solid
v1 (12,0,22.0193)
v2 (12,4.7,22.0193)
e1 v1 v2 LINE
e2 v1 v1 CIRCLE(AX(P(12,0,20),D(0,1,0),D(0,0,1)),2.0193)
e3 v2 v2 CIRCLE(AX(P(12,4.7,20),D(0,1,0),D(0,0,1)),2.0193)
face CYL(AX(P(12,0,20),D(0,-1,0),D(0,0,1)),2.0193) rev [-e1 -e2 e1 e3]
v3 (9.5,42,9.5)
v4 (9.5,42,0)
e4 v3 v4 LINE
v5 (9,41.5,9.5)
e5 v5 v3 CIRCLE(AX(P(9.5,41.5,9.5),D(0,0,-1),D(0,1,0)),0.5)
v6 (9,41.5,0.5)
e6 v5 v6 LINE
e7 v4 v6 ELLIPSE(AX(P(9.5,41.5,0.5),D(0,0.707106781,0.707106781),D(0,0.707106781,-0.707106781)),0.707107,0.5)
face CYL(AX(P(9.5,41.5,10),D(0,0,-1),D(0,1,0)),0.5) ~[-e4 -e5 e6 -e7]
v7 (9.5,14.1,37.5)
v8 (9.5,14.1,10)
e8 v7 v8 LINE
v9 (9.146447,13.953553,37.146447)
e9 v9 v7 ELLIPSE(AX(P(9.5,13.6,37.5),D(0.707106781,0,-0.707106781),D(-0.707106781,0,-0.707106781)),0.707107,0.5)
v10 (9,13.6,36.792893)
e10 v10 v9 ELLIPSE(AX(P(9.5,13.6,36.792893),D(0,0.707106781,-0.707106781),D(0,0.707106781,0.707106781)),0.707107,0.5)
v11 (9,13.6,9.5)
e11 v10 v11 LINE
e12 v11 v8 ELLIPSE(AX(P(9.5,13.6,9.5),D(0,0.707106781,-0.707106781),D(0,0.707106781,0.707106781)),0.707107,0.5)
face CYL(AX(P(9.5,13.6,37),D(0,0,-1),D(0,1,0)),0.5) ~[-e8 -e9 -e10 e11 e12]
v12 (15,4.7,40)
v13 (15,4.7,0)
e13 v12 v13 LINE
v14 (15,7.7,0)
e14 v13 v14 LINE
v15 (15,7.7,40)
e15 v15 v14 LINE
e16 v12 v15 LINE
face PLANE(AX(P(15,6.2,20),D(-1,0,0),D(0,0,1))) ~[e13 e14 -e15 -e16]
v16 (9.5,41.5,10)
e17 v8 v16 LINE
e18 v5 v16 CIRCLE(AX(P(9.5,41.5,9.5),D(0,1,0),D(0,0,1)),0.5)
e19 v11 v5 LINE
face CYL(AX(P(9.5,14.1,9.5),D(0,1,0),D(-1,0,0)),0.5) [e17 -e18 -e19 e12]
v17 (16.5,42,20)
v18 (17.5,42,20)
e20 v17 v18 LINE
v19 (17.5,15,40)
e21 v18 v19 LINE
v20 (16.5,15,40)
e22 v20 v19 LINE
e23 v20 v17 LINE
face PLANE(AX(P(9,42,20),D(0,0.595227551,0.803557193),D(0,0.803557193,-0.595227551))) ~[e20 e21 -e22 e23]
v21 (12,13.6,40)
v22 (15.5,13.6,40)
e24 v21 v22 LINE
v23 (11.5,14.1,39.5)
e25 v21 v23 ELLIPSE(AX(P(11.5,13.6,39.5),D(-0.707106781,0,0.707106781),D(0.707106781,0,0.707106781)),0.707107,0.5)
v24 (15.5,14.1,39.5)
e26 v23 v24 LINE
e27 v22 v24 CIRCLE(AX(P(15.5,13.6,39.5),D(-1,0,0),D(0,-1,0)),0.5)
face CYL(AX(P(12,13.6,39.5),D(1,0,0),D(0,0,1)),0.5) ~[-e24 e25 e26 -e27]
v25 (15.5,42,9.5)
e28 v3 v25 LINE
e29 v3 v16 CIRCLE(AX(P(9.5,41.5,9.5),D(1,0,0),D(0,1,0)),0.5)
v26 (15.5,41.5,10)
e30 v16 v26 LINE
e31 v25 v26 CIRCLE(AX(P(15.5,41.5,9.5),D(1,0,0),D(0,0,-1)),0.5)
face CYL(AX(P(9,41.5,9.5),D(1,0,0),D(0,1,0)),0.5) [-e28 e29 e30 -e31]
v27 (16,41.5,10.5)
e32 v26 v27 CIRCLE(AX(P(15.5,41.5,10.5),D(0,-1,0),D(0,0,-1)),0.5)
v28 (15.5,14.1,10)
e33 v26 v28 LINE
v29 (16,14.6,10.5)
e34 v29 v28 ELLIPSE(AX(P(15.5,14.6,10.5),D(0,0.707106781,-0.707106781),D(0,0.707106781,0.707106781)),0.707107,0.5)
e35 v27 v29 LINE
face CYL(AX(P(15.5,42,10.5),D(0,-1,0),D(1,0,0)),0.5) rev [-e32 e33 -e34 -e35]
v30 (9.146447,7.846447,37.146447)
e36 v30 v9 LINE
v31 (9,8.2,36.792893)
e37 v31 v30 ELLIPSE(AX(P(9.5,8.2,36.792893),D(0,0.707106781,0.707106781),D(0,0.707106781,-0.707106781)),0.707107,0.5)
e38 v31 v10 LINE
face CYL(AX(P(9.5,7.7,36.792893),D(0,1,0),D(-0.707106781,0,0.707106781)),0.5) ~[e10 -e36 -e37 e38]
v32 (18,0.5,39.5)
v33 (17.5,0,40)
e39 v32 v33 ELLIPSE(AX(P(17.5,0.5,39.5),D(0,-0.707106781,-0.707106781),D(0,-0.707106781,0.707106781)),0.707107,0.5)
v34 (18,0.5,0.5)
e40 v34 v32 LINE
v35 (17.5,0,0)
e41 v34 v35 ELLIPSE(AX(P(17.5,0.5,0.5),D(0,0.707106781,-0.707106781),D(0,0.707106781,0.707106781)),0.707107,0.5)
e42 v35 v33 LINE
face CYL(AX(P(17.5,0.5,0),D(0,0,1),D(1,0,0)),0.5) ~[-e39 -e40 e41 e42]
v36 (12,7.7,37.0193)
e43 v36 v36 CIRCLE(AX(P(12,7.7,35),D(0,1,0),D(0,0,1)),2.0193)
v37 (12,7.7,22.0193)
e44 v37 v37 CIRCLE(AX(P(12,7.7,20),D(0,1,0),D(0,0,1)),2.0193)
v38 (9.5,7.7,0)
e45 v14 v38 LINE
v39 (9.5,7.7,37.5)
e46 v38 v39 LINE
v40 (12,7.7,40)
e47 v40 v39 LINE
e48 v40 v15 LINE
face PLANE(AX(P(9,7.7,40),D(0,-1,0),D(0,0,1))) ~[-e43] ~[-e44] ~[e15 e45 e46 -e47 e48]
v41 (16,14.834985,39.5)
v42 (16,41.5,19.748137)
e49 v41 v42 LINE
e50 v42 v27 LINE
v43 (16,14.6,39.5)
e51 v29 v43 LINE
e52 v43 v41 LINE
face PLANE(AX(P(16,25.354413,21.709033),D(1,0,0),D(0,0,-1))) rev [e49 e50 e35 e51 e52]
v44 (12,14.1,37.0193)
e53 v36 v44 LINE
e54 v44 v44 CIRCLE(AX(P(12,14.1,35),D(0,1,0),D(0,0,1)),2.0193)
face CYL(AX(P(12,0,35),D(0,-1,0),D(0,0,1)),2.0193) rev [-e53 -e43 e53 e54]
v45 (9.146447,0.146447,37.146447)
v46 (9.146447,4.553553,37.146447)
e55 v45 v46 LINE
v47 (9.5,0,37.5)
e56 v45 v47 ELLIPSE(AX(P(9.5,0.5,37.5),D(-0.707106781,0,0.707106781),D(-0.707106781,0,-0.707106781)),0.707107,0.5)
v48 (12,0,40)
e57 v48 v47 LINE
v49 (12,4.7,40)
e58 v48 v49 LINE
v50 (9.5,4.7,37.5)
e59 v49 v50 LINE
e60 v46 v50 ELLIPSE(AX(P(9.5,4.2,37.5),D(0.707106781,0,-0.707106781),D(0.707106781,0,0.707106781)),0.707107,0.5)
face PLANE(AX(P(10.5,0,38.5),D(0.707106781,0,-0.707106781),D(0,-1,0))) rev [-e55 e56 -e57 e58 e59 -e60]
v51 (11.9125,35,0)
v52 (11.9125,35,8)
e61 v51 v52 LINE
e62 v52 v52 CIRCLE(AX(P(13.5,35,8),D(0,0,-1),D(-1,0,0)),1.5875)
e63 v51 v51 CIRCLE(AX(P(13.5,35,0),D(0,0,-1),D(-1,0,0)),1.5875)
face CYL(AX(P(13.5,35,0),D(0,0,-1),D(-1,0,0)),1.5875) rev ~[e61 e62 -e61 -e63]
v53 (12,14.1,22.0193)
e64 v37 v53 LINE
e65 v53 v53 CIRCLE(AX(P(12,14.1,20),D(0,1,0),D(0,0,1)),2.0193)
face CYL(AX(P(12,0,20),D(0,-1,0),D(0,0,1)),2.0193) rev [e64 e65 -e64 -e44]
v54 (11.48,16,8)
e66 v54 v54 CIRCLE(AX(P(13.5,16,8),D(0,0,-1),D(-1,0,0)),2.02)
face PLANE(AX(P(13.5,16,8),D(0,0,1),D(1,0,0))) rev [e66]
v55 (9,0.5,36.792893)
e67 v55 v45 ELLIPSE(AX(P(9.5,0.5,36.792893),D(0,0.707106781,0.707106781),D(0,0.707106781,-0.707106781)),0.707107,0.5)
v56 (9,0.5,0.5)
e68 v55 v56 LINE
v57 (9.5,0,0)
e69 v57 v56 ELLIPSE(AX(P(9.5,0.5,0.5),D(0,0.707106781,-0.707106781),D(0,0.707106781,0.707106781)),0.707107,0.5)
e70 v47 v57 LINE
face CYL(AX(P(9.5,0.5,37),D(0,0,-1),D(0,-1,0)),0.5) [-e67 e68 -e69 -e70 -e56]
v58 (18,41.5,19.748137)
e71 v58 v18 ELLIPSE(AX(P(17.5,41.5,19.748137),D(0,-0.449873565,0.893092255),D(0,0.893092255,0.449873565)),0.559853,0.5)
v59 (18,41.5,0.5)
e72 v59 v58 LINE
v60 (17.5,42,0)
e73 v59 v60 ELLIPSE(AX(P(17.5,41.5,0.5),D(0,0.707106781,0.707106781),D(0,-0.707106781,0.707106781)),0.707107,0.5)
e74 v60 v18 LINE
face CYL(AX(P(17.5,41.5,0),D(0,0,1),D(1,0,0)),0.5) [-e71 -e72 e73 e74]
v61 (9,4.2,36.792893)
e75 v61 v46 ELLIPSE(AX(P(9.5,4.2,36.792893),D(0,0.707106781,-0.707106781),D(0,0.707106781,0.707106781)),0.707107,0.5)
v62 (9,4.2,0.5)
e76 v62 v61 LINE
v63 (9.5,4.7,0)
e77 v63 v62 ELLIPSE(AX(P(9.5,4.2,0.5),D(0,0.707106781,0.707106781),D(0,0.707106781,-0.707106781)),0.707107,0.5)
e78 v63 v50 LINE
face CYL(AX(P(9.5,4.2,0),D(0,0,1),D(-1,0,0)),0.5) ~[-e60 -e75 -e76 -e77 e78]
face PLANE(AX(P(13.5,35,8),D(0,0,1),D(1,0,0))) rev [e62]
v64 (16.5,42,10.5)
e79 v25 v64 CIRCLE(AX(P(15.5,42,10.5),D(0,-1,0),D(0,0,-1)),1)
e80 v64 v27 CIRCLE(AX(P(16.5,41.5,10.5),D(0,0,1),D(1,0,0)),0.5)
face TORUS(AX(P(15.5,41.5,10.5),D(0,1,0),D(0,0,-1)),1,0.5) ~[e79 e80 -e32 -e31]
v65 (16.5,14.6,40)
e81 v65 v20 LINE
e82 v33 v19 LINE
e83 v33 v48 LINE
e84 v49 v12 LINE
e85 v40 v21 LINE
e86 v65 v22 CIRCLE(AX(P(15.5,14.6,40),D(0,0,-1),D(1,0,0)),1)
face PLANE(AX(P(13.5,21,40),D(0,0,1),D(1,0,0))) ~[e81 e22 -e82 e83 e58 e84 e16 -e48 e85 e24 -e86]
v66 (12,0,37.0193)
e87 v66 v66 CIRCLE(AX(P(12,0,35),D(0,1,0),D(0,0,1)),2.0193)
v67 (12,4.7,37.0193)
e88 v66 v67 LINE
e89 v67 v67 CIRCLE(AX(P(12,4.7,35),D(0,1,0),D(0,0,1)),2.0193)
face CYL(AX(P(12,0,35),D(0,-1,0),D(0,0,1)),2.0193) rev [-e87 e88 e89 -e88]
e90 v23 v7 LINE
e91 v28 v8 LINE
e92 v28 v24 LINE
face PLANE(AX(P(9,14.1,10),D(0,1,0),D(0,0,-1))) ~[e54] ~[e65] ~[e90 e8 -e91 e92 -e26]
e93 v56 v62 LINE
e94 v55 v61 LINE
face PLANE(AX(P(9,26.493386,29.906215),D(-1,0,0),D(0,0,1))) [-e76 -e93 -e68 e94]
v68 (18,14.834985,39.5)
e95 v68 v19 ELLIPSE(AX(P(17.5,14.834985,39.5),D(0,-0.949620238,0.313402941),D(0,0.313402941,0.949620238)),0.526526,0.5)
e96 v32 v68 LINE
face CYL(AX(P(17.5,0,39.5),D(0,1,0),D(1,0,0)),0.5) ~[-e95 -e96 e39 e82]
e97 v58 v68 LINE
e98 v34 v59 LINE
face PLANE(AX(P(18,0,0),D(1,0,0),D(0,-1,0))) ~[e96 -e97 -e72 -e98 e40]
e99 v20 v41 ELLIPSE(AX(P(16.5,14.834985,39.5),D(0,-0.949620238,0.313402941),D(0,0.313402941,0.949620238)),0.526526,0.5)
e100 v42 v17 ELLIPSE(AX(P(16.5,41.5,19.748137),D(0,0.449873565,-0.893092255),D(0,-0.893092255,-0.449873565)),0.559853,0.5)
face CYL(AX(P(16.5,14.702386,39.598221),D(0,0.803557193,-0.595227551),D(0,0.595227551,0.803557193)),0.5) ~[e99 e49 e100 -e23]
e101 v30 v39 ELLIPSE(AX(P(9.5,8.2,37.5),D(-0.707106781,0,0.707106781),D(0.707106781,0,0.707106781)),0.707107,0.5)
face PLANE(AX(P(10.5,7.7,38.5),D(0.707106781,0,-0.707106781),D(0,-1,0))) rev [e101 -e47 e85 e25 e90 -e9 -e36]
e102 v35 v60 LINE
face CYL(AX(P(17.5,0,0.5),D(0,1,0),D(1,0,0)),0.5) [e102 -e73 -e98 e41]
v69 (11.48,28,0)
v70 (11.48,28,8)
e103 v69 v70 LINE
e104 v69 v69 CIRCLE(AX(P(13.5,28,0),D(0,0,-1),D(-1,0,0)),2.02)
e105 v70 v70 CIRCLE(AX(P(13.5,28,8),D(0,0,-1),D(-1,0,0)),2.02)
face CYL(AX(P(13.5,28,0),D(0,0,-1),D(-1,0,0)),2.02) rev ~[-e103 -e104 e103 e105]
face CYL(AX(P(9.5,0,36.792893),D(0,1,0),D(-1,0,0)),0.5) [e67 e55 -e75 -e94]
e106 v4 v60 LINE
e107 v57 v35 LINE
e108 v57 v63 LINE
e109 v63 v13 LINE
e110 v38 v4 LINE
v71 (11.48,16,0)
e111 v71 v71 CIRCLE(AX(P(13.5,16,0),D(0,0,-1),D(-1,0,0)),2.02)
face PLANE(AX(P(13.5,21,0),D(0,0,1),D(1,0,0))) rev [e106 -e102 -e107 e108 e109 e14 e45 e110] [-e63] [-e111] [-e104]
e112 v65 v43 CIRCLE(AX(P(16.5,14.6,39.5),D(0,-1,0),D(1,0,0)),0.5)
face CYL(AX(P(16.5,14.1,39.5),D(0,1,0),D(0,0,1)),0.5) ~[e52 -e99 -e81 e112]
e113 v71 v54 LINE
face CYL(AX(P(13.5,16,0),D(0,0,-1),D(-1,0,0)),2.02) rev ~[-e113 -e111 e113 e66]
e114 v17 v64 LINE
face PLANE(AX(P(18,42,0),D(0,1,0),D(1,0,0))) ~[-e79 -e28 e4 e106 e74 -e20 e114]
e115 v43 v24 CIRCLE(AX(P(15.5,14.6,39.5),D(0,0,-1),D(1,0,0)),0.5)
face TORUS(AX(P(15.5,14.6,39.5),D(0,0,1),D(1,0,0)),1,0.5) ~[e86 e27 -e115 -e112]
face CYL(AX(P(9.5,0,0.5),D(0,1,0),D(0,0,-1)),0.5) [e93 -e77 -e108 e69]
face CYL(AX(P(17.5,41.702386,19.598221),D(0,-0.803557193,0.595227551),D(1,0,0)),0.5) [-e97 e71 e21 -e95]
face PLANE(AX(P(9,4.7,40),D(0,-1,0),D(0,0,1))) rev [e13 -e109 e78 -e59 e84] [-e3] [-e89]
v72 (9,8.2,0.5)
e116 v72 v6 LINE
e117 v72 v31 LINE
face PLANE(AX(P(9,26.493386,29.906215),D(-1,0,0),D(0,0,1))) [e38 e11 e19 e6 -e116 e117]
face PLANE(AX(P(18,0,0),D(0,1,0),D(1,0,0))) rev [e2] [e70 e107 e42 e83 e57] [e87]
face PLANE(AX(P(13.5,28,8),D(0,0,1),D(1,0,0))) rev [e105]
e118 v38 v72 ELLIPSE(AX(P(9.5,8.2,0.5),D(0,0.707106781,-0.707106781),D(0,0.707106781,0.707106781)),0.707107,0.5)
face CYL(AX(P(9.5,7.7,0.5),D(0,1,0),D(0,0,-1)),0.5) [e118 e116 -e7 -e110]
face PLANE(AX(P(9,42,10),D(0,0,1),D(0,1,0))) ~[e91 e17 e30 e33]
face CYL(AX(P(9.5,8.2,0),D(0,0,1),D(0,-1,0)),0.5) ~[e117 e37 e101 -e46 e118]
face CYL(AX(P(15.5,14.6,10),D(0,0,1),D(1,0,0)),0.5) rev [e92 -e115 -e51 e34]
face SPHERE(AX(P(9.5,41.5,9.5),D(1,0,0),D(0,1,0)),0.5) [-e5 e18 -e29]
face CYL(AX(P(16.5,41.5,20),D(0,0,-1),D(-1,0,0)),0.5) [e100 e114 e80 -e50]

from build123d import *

# Parameters (mm, degrees)
SKETCH1_W           = 9
SKETCH1_H           = 42
SKETCH1_R           = 2.02
SKETCH1_R_2         = 1.5875
BOSS_EXTRUDE1_DEPTH = 40
SKETCH1_3_R         = 2.02
SKETCH1_3_R_2       = 1.5875
CUT_EXTRUDE1_DEPTH  = 8
SKETCH2_W           = 40
SKETCH2_H           = 3
CUT_EXTRUDE2_DEPTH  = 6
CUT_EXTRUDE3_DEPTH  = 9
CUT_EXTRUDE6_DEPTH  = 7
SKETCH6_R           = 2.0193
CUT_EXTRUDE5_DEPTH  = 20
FILLET2_R           = 0.5
CHAMFER4_SIZE       = 3
SKETCH7_W           = 74.310151154
SKETCH7_H           = 95.165931092
CUT_EXTRUDE7_DEPTH  = 9
FILLET3_R           = 0.5


with BuildPart() as part:
    # Sketch1 → Boss-Extrude1 (new body)
    # profile 1 of 4: a face of its own
    with BuildSketch(Plane.XY):
        with Locations((4.5, 21)):
            Rectangle(SKETCH1_W, SKETCH1_H)
        with Locations((4.5, 16)):
            Circle(SKETCH1_R, mode=Mode.SUBTRACT)
        with Locations((4.5, 28)):
            Circle(SKETCH1_R, mode=Mode.SUBTRACT)
    # profile 2 of 4: a face of its own
    with BuildSketch(Plane.XY):
        with Locations((4.5, 28)):
            Circle(SKETCH1_R)
    # profile 3 of 4: a face of its own
    with BuildSketch(Plane.XY):
        with Locations((4.5, 16)):
            Circle(SKETCH1_R)
    # profile 4 of 4: a face of its own
    with BuildSketch(Plane.XY):
        with Locations((4.5, 35)):
            Circle(SKETCH1_R_2)
    extrude(amount=BOSS_EXTRUDE1_DEPTH)

    # Sketch1<3> → Cut-Extrude1 (cut)
    with BuildSketch(Plane.XY):
        with Locations((4.5, 28)):
            Circle(SKETCH1_3_R)
        with Locations((4.5, 35)):
            Circle(SKETCH1_3_R_2)
        with Locations((4.5, 16)):
            Circle(SKETCH1_3_R)
    extrude(amount=CUT_EXTRUDE1_DEPTH, mode=Mode.SUBTRACT)

    # Sketch2 → Cut-Extrude2 (cut)
    with BuildSketch(Plane(origin=(9, 0, 0), x_dir=(0, 0, -1), z_dir=(1, 0, 0))):
        with Locations((-20, 6.2)):
            Rectangle(SKETCH2_W, SKETCH2_H)
    extrude(amount=-CUT_EXTRUDE2_DEPTH, mode=Mode.SUBTRACT)

    # Sketch3 → Cut-Extrude3 (cut)
    with BuildSketch(Plane(origin=(9, 0, 0), x_dir=(0, 0, -1), z_dir=(1, 0, 0))):
        Polygon((-20, 42), (-40, 15), (-48.379363257, 51.913157268), align=None)
    extrude(amount=-CUT_EXTRUDE3_DEPTH, mode=Mode.SUBTRACT)

    # Sketch5 → Cut-Extrude6 (cut)
    with BuildSketch(Plane.ZY.offset(-9)):
        Polygon((20, 42), (10, 42), (10, 14.1), (40, 14.1), (40, 15), align=None)
    extrude(amount=CUT_EXTRUDE6_DEPTH, mode=Mode.SUBTRACT)

    # Sketch6 → Cut-Extrude5 (cut)
    with BuildSketch(Plane.XZ):
        with Locations(Location((6, 35, 0), (0, 0, 90))):
            Circle(SKETCH6_R)
        with Locations(Location((6, 20, 0), (0, 0, 90))):
            Circle(SKETCH6_R)
    extrude(amount=-CUT_EXTRUDE5_DEPTH, mode=Mode.SUBTRACT)

    # Fillet2
    fillet2_edges = [part.edges().sort_by_distance(p)[0] for p in [
        (0, 0, 20),
        (0, 7.5, 40),
        (0, 42, 10),
        (0, 28.5, 30),
        (0, 21, 0),
    ]]
    fillet(fillet2_edges, radius=FILLET2_R)

    # Chamfer4
    chamfer4_edges = [part.edges().sort_by_distance(p)[0] for p in [
        (9, 2.35, 40),
        (9, 10.9, 40),
    ]]
    chamfer(chamfer4_edges, length=CHAMFER4_SIZE)

    # Mirror1: part across plane


with BuildPart() as part_1:
    add(part.part)
    add(part.part.mirror(Plane(origin=(9, 0, 40), x_dir=(0, 0, 1), z_dir=(-1, 0, 0))))

    # Sketch7 → Cut-Extrude7 (cut)
    with BuildSketch(Plane.ZY):
        with Locations((29.906214843, 26.493385896)):
            Rectangle(SKETCH7_W, SKETCH7_H)
    extrude(amount=-CUT_EXTRUDE7_DEPTH, mode=Mode.SUBTRACT)

    # Fillet3
    fillet3_edges = [part_1.edges().sort_by_distance(p)[0] for p in [
        (16, 42, 15),
        (16, 14.55, 40),
        (14, 14.1, 40),
        (16, 28.5, 30),
        (16, 14.1, 25),
        (16, 28.05, 10),
        (9, 2.35, 37),
        (9, 10.9, 37),
        (12.5, 42, 10),
        (9, 2.35, 0),
        (9, 0, 18.5),
        (9, 4.7, 18.5),
        (9, 24.85, 0),
        (9, 7.7, 18.5),
        (9, 42, 5),
        (9, 28.05, 10),
        (9, 14.1, 23.5),
    ]]
    fillet(fillet3_edges, radius=FILLET3_R)


solid = part_1.part
